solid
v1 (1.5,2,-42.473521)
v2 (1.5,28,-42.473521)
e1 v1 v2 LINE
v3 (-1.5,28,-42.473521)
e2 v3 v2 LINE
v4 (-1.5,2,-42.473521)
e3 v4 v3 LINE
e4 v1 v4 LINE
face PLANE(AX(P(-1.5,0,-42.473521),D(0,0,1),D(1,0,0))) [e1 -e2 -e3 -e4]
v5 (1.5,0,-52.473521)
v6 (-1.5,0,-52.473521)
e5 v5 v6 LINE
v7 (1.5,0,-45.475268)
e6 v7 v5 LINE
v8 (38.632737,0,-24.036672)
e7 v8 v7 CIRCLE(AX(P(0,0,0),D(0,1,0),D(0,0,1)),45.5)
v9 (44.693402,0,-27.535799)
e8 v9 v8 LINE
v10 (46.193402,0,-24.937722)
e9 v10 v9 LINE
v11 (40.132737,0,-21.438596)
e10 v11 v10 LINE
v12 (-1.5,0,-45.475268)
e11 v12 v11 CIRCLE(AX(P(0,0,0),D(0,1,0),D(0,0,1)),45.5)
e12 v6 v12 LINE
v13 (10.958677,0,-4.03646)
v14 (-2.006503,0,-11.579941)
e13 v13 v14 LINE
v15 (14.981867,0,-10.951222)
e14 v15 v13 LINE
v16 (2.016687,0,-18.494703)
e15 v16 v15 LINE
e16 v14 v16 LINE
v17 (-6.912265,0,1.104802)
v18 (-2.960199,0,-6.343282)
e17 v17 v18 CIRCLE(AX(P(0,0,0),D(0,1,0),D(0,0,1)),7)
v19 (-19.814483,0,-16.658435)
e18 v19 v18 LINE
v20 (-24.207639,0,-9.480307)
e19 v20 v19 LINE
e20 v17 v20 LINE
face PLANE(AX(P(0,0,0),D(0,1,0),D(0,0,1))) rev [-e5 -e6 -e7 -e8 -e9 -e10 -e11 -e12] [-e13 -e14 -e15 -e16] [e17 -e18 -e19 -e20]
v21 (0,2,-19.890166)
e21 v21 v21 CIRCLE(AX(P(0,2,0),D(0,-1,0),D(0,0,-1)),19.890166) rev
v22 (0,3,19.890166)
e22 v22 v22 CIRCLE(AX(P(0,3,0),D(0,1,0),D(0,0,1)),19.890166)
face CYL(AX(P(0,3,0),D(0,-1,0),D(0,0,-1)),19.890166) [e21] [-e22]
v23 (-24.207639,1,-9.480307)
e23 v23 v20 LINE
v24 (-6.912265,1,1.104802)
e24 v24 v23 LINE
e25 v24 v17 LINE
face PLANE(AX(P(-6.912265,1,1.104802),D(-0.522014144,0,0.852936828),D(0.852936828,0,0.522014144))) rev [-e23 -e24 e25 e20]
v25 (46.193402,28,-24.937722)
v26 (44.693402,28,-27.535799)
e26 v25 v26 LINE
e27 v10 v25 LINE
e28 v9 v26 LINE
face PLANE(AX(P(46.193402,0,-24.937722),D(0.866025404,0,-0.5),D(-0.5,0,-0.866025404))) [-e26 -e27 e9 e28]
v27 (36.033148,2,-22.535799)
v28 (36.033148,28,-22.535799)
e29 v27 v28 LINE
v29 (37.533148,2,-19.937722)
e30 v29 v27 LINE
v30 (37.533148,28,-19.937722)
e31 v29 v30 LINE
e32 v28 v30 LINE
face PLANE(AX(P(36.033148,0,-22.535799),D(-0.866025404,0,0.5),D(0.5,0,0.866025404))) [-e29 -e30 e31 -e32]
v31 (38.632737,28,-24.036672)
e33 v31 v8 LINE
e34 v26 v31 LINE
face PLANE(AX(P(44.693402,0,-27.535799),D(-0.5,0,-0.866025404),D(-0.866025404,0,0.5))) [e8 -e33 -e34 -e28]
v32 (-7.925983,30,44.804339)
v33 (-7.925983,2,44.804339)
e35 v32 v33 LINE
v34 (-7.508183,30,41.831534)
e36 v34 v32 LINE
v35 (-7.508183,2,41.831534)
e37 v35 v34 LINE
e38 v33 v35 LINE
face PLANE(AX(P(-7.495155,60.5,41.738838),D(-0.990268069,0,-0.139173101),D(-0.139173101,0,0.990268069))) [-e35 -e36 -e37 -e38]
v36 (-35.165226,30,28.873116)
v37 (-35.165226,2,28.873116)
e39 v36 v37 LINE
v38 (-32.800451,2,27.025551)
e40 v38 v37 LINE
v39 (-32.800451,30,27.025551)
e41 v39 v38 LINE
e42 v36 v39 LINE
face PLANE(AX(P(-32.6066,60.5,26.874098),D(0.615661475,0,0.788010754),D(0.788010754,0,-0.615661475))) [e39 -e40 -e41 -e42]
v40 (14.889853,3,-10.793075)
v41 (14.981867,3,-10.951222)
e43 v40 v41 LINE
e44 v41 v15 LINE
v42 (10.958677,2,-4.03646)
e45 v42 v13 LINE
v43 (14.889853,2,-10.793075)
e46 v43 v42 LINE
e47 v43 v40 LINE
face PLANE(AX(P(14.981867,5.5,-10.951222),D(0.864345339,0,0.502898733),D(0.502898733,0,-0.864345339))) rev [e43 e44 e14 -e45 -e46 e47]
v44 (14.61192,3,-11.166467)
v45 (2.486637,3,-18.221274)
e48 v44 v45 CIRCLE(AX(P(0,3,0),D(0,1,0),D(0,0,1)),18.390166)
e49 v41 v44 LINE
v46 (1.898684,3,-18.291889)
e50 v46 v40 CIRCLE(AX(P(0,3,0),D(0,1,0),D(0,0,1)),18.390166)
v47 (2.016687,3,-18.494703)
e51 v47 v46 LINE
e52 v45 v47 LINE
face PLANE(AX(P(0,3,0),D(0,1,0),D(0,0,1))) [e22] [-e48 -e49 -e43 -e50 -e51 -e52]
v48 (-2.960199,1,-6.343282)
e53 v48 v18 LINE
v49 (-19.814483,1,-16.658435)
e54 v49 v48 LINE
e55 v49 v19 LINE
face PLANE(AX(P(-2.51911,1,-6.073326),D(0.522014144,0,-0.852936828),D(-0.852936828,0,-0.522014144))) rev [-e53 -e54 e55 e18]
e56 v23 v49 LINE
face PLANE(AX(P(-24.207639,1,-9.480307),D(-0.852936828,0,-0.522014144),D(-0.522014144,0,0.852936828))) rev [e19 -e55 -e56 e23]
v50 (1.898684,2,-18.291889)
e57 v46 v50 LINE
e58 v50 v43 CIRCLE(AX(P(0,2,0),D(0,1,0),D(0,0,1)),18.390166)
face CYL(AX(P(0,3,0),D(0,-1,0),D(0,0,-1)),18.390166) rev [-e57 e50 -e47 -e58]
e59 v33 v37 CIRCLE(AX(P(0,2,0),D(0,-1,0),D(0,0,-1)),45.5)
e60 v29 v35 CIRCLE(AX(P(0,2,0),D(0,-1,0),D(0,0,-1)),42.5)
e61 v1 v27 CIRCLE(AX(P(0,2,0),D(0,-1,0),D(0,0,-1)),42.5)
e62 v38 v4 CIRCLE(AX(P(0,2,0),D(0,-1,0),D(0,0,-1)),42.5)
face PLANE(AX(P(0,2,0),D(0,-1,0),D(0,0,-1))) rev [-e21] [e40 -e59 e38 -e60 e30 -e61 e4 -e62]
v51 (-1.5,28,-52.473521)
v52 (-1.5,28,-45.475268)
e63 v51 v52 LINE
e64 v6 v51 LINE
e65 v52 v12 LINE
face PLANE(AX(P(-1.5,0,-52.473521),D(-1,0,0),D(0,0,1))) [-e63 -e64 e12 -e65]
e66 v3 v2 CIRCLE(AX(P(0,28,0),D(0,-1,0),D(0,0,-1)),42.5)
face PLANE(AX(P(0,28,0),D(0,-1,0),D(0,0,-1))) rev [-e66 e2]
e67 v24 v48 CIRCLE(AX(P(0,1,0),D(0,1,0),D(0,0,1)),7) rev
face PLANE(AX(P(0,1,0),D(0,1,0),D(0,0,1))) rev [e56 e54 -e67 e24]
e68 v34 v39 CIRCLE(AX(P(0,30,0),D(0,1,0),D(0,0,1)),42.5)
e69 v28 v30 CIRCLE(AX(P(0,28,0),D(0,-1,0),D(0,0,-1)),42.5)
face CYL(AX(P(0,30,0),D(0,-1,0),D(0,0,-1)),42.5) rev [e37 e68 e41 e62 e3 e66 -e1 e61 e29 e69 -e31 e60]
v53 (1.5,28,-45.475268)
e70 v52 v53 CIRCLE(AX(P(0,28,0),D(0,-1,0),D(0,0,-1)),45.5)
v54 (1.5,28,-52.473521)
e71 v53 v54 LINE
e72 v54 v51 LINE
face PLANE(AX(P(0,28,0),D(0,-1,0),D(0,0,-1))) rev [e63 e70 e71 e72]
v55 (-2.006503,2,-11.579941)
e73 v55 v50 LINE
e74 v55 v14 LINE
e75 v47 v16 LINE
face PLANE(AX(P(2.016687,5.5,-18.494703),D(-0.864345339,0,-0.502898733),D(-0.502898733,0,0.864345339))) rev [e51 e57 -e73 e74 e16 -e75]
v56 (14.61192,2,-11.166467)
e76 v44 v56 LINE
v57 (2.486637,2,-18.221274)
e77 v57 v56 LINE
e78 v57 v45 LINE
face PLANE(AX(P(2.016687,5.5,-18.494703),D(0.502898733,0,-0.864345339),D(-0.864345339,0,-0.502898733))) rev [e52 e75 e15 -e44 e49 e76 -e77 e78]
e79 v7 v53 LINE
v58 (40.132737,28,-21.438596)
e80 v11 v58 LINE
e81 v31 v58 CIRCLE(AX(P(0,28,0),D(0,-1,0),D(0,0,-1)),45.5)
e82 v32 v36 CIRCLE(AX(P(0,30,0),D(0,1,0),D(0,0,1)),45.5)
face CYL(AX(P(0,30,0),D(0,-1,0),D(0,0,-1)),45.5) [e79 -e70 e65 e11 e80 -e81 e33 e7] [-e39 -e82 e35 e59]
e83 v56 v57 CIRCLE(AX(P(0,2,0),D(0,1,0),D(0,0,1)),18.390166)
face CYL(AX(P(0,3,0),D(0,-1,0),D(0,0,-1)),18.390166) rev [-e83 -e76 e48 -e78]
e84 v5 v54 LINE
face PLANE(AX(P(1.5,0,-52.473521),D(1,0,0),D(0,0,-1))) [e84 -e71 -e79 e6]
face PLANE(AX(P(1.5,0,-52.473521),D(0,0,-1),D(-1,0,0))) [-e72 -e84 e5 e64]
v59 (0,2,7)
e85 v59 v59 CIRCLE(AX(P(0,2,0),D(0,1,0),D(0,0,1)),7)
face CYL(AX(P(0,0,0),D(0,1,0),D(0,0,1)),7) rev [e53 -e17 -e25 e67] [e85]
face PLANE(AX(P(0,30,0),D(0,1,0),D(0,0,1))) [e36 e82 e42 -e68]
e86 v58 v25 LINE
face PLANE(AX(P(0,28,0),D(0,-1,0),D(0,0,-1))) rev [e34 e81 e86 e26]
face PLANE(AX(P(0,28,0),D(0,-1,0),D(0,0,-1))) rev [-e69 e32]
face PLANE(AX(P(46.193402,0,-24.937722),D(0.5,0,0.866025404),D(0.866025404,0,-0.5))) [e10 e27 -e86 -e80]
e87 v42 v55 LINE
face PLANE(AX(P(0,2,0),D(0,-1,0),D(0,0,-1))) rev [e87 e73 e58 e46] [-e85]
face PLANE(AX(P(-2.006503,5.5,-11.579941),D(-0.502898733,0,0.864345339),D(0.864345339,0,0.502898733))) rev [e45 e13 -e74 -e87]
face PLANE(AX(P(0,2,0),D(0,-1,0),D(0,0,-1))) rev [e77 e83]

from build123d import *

# Parameters (mm, degrees)
SKETCH1_R                = 45.5
SKETCH1_R_2              = 42.5
BOSS_EXTRUDE1_DEPTH      = 30
SKETCH2_R                = 45.5
BOSS_EXTRUDE2_DEPTH      = 2
SKETCH3_R                = 7
CUT_EXTRUDE1_DEPTH       = 2
SKETCH7_W                = 3
SKETCH7_H                = 10
BOSS_EXTRUDE4_DEPTH      = 26
BOSS_EXTRUDE4_DEPTH_BACK = 2
SKETCH8_R                = 19.890165718
SKETCH8_R_2              = 18.390165718
BOSS_EXTRUDE5_DEPTH      = 1
CUT_EXTRUDE4_DEPTH       = 5.5
CUT_EXTRUDE5_DEPTH       = 58.5
CUT_EXTRUDE6_DEPTH       = 1


with BuildPart() as part:
    # Sketch1 → Boss-Extrude1 (new body)
    with BuildSketch(Plane(origin=(0, 0, 0), x_dir=(1, 0, 0), z_dir=(0, 1, 0))):
        Circle(SKETCH1_R)
        Circle(SKETCH1_R_2, mode=Mode.SUBTRACT)
    extrude(amount=BOSS_EXTRUDE1_DEPTH)

    # Sketch2 → Boss-Extrude2 (add)
    with BuildSketch(Plane.XZ):
        Circle(SKETCH2_R)
    extrude(amount=-BOSS_EXTRUDE2_DEPTH)

    # Sketch3 → Cut-Extrude1 (cut)
    with BuildSketch(Plane(origin=(0, 2, 0), x_dir=(1, 0, 0), z_dir=(0, 1, 0))):
        Circle(SKETCH3_R)
    extrude(amount=-CUT_EXTRUDE1_DEPTH, mode=Mode.SUBTRACT)

    # Sketch7 → Boss-Extrude4 (add, two sides)
    with BuildSketch(Plane(origin=(0, 2, 0), x_dir=(1, 0, 0), z_dir=(0, 1, 0))) as boss_extrude4_sk:
        with Locations((0, 47.473521163)):
            Rectangle(SKETCH7_W, SKETCH7_H)
        Polygon((46.193402353, 24.937722476), (37.533148315, 19.937722476), (36.033148315, 22.535798687), (44.693402353, 27.535798687), align=None)
    extrude(amount=BOSS_EXTRUDE4_DEPTH)
    extrude(boss_extrude4_sk.sketch, amount=-BOSS_EXTRUDE4_DEPTH_BACK)

    # Sketch8 → Boss-Extrude5 (add)
    with BuildSketch(Plane(origin=(0, 2, 0), x_dir=(1, 0, 0), z_dir=(0, 1, 0))):
        Circle(SKETCH8_R)
        Circle(SKETCH8_R_2, mode=Mode.SUBTRACT)
    extrude(amount=BOSS_EXTRUDE5_DEPTH)

    # Sketch10 → Cut-Extrude4 (cut)
    with BuildSketch(Plane.XZ):
        Polygon((2.016687189, -18.494703278), (14.981867268, -10.951222284), (10.958677405, -4.036459575), (-2.006502675, -11.579940569), align=None)
    extrude(amount=-CUT_EXTRUDE4_DEPTH, mode=Mode.SUBTRACT)

    # Sketch11 → Cut-Extrude5 (cut)
    with BuildSketch(Plane(origin=(0, 2, 0), x_dir=(1, 0, 0), z_dir=(0, 1, 0))):
        Polygon((-32.606600292, -26.874098434), (-35.165226496, -28.87311631), (-33.824988888, -37.754161376), (-11.7382848, -48.772412552), (-7.925983096, -44.804338986), (-7.495155029, -41.738838001), (-9.978475631, -35.419229659), (-25.965270809, -26.874098434), align=None)
    extrude(amount=CUT_EXTRUDE5_DEPTH, mode=Mode.SUBTRACT)

    # Sketch12 → Cut-Extrude6 (cut)
    with BuildSketch(Plane.XZ):
        Polygon((-6.912265346, 1.104802147), (-24.20763883, -9.480307189), (-19.814483018, -16.658435267), (-2.519109534, -6.073325931), align=None)
    extrude(amount=-CUT_EXTRUDE6_DEPTH, mode=Mode.SUBTRACT)


solid = part.part
